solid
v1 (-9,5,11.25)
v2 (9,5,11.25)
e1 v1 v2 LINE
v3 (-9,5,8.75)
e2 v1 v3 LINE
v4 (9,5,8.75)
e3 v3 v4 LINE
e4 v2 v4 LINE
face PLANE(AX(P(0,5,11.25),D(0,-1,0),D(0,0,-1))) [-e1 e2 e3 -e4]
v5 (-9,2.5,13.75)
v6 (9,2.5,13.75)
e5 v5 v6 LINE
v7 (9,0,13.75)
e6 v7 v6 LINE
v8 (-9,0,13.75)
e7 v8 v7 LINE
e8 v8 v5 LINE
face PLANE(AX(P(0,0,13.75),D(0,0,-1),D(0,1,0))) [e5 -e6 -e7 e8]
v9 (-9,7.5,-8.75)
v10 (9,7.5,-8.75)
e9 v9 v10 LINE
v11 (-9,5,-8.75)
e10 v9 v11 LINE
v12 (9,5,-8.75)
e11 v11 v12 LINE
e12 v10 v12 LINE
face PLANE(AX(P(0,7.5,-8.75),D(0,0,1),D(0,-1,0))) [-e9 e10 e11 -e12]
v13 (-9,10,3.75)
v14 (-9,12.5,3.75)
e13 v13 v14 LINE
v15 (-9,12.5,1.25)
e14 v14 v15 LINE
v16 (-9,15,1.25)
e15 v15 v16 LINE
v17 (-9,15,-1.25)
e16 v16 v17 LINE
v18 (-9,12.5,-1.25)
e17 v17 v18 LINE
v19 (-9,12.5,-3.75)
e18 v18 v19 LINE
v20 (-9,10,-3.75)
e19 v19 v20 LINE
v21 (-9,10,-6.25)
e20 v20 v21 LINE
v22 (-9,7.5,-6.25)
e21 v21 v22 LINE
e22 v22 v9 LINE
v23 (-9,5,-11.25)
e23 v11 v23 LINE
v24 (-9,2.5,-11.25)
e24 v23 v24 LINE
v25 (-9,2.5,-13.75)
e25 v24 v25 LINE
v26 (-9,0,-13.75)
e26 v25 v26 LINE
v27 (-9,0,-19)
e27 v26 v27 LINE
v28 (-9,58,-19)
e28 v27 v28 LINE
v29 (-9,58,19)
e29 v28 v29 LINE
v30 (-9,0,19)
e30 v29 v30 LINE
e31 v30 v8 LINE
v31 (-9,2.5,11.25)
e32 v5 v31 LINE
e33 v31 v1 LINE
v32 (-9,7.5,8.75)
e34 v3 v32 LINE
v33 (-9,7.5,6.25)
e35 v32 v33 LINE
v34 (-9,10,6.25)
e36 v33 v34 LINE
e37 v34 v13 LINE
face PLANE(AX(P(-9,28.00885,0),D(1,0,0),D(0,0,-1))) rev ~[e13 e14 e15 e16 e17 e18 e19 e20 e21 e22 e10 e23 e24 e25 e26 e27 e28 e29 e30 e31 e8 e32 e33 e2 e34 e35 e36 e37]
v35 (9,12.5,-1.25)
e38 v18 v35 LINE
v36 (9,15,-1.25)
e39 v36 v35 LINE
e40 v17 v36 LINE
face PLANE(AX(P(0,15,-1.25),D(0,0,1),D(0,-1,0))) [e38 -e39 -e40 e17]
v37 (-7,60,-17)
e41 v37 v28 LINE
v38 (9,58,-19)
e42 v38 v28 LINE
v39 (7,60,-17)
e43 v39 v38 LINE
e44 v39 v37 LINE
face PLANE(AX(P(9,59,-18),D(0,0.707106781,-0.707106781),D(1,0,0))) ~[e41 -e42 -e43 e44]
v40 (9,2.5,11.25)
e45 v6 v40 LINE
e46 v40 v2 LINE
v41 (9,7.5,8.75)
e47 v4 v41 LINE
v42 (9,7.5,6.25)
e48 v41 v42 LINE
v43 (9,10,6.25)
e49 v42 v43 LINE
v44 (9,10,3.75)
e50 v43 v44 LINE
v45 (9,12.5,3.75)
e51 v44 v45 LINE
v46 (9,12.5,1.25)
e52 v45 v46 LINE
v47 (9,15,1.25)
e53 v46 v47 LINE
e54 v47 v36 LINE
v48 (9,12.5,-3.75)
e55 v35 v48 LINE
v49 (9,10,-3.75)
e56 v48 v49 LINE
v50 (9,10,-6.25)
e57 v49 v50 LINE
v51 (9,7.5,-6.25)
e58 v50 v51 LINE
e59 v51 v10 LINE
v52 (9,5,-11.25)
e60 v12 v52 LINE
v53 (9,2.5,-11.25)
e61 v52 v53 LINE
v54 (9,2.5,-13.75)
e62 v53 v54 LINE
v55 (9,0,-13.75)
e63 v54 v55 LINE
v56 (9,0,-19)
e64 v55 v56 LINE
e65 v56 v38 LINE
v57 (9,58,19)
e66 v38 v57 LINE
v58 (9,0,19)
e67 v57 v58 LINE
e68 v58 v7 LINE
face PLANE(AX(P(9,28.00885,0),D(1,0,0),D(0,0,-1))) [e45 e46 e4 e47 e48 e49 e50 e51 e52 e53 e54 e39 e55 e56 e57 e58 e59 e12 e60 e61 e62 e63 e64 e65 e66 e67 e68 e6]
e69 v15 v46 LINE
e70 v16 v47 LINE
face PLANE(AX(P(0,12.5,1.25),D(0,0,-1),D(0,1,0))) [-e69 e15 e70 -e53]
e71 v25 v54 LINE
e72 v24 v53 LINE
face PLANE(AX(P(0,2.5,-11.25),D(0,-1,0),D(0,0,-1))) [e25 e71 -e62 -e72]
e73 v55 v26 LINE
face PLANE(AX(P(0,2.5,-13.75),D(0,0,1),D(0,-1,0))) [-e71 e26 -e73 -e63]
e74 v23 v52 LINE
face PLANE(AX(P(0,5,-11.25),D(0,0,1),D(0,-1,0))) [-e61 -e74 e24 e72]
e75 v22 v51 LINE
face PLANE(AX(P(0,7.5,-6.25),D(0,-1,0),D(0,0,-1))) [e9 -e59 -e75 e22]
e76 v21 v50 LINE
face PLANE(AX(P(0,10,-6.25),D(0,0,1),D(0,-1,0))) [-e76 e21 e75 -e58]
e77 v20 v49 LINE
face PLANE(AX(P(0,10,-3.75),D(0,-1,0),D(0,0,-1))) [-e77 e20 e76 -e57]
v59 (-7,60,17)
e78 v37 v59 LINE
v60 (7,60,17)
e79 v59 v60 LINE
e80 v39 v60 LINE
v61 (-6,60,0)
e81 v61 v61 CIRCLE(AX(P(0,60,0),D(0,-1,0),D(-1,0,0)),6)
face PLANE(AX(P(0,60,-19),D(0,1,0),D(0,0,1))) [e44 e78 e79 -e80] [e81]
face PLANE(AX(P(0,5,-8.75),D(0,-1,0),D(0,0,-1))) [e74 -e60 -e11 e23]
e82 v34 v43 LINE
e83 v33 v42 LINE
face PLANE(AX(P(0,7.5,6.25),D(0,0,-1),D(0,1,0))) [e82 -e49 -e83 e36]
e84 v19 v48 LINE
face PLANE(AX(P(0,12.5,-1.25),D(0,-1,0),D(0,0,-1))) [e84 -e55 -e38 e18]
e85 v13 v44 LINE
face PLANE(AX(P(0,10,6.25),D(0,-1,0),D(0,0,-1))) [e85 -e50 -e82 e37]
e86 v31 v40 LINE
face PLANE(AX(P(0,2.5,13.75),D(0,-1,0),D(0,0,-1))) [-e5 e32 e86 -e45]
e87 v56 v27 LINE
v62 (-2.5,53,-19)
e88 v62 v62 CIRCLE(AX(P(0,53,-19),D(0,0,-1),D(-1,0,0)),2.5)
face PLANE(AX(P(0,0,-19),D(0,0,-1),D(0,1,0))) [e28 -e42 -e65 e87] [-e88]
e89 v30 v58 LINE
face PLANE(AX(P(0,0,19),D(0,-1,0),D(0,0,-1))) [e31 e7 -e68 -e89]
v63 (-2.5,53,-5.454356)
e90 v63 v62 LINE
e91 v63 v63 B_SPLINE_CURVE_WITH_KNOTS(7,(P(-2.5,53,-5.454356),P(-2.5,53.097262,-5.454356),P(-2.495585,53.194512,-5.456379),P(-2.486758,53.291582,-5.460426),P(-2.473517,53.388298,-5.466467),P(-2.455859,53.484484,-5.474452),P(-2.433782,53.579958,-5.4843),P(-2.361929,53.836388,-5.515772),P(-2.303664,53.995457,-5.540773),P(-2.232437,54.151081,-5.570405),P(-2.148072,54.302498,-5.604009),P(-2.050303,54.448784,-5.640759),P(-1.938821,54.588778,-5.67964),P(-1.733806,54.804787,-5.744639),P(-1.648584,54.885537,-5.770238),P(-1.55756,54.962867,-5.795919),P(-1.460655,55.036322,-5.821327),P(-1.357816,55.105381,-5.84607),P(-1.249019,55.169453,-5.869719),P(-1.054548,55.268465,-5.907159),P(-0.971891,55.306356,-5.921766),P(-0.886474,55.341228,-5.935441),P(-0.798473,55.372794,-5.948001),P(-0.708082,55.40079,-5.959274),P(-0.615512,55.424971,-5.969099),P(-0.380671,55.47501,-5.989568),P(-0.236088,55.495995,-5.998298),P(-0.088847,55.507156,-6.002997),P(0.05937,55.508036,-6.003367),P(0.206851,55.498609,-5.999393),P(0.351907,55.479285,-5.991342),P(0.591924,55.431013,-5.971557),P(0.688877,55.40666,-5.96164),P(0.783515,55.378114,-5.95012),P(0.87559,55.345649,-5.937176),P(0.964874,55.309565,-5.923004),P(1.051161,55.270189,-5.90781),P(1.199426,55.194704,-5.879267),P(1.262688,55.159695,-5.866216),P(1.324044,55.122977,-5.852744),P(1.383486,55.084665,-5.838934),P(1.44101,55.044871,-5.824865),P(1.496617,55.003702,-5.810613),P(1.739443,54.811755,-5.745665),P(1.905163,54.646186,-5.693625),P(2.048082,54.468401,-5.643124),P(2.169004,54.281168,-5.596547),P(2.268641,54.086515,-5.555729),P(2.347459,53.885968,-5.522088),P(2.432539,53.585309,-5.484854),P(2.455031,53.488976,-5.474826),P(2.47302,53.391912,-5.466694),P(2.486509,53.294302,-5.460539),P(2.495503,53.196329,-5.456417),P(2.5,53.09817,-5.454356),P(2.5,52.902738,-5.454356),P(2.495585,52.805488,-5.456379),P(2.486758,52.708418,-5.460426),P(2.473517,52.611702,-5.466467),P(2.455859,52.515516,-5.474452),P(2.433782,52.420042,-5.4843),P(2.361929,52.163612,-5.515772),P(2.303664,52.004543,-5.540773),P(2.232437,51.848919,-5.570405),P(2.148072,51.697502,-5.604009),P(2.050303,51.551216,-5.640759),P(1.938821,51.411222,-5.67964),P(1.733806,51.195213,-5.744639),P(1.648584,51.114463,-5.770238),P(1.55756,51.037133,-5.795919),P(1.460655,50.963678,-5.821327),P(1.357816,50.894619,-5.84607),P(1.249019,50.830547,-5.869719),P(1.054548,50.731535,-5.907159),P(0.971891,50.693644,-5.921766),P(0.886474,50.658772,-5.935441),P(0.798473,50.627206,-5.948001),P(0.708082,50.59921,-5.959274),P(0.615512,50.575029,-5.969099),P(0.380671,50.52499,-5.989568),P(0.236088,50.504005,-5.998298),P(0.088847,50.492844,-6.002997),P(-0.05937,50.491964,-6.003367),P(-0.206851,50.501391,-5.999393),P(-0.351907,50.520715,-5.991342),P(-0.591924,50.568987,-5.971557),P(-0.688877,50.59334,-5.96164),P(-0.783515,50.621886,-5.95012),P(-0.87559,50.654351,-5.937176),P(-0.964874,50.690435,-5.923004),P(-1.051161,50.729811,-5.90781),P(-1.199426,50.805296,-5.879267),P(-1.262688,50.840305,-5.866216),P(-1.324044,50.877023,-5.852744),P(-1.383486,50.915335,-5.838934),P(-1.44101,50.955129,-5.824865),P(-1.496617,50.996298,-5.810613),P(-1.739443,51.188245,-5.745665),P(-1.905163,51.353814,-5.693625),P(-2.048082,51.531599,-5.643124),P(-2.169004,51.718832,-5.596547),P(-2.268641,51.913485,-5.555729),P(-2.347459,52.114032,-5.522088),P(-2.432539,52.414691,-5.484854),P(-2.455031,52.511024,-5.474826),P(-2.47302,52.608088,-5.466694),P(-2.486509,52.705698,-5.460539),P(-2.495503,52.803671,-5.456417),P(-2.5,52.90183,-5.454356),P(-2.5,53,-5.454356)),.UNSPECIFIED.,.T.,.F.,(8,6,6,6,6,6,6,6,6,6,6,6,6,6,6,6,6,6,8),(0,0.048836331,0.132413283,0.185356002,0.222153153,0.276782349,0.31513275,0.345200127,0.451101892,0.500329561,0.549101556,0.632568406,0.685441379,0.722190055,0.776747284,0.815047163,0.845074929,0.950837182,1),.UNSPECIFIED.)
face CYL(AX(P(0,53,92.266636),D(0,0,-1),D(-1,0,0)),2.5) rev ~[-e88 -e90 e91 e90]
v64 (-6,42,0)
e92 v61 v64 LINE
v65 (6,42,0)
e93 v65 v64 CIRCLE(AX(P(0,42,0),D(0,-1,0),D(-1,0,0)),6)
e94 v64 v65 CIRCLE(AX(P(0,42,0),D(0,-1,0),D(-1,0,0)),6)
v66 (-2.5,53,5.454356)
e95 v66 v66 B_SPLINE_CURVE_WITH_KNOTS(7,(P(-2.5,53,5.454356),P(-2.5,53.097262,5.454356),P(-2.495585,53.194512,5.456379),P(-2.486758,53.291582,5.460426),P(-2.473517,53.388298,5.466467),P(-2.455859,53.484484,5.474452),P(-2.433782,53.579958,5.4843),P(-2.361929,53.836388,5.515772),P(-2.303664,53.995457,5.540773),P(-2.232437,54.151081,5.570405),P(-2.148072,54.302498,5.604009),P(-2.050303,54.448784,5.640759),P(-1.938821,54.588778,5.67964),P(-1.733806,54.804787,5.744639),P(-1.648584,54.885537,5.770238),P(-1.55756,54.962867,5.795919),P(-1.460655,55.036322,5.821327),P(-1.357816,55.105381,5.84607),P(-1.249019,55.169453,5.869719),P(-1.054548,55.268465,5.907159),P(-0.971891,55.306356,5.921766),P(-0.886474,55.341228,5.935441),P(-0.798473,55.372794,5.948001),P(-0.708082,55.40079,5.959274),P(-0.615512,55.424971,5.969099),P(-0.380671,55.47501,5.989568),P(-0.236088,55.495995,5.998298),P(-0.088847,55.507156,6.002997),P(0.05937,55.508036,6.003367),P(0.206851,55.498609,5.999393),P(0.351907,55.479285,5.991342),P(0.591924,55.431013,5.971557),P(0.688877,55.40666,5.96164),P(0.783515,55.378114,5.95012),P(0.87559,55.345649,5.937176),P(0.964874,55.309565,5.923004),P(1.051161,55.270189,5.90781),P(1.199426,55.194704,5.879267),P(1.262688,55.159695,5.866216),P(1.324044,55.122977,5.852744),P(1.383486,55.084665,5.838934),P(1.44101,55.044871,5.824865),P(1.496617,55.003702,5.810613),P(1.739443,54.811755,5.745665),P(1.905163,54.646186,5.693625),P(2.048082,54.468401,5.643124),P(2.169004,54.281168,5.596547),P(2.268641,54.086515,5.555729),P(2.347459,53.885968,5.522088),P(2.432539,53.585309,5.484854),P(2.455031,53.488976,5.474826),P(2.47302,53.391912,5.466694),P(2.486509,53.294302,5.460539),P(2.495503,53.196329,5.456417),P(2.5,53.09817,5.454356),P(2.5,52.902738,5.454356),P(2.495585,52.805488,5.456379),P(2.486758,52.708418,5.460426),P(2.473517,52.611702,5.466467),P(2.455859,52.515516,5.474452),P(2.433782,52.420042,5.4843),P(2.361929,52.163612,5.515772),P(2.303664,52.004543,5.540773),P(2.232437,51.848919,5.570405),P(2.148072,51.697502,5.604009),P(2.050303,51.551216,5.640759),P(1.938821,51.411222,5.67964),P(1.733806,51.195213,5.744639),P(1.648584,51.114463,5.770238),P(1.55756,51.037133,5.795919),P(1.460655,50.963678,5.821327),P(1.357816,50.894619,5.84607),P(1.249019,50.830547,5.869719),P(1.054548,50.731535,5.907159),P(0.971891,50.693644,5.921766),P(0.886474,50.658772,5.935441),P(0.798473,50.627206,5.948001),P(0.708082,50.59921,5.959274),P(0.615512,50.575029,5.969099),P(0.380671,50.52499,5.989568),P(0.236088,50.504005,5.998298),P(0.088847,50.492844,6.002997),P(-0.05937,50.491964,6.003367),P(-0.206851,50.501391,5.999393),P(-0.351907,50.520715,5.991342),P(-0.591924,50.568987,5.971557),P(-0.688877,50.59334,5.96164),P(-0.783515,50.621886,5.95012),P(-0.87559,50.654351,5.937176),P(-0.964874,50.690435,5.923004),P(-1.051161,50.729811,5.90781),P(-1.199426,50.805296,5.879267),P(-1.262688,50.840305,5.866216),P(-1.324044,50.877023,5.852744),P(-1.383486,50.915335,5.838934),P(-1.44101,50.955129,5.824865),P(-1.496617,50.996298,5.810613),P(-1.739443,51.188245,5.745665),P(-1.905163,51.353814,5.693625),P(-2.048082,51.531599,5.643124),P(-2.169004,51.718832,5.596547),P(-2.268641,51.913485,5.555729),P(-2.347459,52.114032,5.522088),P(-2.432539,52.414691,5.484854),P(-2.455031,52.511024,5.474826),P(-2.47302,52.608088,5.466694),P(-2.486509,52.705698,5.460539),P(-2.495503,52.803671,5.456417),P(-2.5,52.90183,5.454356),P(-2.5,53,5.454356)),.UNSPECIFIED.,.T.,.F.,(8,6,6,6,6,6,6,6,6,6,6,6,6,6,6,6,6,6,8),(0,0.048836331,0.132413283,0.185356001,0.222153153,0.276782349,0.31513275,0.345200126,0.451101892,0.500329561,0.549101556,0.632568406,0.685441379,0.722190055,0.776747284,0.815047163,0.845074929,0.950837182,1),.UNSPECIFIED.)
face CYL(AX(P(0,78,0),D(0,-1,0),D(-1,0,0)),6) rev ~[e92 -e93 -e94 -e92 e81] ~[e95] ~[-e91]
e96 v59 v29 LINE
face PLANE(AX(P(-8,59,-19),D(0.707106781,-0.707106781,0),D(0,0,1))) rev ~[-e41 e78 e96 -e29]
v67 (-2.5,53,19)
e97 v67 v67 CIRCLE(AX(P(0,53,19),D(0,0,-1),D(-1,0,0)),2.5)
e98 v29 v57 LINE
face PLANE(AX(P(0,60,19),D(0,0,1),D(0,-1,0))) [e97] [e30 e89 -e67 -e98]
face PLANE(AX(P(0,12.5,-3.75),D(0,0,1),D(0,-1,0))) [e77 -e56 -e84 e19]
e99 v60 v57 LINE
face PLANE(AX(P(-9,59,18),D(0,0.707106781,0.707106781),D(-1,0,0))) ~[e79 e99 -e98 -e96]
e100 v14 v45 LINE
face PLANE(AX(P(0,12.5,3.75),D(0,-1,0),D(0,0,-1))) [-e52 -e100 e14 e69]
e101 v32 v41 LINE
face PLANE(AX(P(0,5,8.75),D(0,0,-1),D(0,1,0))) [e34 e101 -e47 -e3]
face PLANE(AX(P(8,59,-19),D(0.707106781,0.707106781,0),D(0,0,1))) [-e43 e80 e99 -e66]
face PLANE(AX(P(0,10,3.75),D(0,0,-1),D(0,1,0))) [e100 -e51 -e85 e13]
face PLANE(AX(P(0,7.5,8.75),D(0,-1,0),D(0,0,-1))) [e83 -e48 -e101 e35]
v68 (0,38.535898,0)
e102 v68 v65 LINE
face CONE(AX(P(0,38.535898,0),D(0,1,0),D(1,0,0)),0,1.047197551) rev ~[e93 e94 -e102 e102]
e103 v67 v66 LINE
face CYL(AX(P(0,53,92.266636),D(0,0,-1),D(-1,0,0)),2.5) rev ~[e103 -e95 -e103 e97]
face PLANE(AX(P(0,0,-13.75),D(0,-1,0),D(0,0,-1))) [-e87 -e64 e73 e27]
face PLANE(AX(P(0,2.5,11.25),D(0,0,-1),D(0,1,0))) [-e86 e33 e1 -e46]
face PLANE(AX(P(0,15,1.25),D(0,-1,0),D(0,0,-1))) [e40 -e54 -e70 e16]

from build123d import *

# Parameters (mm, degrees)
BOSS_EXTRUDE1_DEPTH       = 9
CHAMFER1_SIZE             = 2
F_1_0MM_DOWEL_HOLE1_D     = 12
F_1_0MM_DOWEL_HOLE1_DEPTH = 18
F_1_0MM_DOWEL_HOLE1_TIP   = 3.464101615
M6X1_0_TAPPED_HOLE1_D     = 5


with BuildPart() as part:
    # Sketch1 → Boss-Extrude1 (new, symmetric)
    with BuildSketch(Plane(origin=(0, 0, 0), x_dir=(0, 0, -1), z_dir=(1, 0, 0))):
        Polygon((19, 60), (-19, 60), (-19, 0), (-13.75, 0), (-13.75, 2.5), (-11.25, 2.5), (-11.25, 5), (-8.75, 5), (-8.75, 7.5), (-6.25, 7.5), (-6.25, 10), (-3.75, 10), (-3.75, 12.5), (-1.25, 12.5), (-1.25, 15), (1.25, 15), (1.25, 12.5), (3.75, 12.5), (3.75, 10), (6.25, 10), (6.25, 7.5), (8.75, 7.5), (8.75, 5), (11.25, 5), (11.25, 2.5), (13.75, 2.5), (13.75, 0), (19, 0), align=None)
    extrude(amount=BOSS_EXTRUDE1_DEPTH, both=True)

    # Chamfer1
    chamfer1_edges = [part.edges().sort_by_distance(p)[0] for p in [
        (-9, 60, 0),
        (0, 60, 19),
        (0, 60, -19),
        (9, 60, 0),
    ]]
    chamfer(chamfer1_edges, length=CHAMFER1_SIZE)

    # Ø1.0mm Dowel Hole1
    with Locations(Plane(origin=(0, 60, 0), x_dir=(1, 0, 0), z_dir=(0, 1, 0))):
        with Locations((0, 0)):
            Hole(F_1_0MM_DOWEL_HOLE1_D / 2, depth=F_1_0MM_DOWEL_HOLE1_DEPTH)
            with Locations((0, 0, -(F_1_0MM_DOWEL_HOLE1_DEPTH + F_1_0MM_DOWEL_HOLE1_TIP / 2))):  # 120° drill point
                Cone(0, F_1_0MM_DOWEL_HOLE1_D / 2, F_1_0MM_DOWEL_HOLE1_TIP, mode=Mode.SUBTRACT)

    # M6x1.0 Tapped Hole1 (through all)
    with Locations(Plane.XY.offset(19)):
        with Locations((0, 53)):
            Hole(M6X1_0_TAPPED_HOLE1_D / 2)


solid = part.part
